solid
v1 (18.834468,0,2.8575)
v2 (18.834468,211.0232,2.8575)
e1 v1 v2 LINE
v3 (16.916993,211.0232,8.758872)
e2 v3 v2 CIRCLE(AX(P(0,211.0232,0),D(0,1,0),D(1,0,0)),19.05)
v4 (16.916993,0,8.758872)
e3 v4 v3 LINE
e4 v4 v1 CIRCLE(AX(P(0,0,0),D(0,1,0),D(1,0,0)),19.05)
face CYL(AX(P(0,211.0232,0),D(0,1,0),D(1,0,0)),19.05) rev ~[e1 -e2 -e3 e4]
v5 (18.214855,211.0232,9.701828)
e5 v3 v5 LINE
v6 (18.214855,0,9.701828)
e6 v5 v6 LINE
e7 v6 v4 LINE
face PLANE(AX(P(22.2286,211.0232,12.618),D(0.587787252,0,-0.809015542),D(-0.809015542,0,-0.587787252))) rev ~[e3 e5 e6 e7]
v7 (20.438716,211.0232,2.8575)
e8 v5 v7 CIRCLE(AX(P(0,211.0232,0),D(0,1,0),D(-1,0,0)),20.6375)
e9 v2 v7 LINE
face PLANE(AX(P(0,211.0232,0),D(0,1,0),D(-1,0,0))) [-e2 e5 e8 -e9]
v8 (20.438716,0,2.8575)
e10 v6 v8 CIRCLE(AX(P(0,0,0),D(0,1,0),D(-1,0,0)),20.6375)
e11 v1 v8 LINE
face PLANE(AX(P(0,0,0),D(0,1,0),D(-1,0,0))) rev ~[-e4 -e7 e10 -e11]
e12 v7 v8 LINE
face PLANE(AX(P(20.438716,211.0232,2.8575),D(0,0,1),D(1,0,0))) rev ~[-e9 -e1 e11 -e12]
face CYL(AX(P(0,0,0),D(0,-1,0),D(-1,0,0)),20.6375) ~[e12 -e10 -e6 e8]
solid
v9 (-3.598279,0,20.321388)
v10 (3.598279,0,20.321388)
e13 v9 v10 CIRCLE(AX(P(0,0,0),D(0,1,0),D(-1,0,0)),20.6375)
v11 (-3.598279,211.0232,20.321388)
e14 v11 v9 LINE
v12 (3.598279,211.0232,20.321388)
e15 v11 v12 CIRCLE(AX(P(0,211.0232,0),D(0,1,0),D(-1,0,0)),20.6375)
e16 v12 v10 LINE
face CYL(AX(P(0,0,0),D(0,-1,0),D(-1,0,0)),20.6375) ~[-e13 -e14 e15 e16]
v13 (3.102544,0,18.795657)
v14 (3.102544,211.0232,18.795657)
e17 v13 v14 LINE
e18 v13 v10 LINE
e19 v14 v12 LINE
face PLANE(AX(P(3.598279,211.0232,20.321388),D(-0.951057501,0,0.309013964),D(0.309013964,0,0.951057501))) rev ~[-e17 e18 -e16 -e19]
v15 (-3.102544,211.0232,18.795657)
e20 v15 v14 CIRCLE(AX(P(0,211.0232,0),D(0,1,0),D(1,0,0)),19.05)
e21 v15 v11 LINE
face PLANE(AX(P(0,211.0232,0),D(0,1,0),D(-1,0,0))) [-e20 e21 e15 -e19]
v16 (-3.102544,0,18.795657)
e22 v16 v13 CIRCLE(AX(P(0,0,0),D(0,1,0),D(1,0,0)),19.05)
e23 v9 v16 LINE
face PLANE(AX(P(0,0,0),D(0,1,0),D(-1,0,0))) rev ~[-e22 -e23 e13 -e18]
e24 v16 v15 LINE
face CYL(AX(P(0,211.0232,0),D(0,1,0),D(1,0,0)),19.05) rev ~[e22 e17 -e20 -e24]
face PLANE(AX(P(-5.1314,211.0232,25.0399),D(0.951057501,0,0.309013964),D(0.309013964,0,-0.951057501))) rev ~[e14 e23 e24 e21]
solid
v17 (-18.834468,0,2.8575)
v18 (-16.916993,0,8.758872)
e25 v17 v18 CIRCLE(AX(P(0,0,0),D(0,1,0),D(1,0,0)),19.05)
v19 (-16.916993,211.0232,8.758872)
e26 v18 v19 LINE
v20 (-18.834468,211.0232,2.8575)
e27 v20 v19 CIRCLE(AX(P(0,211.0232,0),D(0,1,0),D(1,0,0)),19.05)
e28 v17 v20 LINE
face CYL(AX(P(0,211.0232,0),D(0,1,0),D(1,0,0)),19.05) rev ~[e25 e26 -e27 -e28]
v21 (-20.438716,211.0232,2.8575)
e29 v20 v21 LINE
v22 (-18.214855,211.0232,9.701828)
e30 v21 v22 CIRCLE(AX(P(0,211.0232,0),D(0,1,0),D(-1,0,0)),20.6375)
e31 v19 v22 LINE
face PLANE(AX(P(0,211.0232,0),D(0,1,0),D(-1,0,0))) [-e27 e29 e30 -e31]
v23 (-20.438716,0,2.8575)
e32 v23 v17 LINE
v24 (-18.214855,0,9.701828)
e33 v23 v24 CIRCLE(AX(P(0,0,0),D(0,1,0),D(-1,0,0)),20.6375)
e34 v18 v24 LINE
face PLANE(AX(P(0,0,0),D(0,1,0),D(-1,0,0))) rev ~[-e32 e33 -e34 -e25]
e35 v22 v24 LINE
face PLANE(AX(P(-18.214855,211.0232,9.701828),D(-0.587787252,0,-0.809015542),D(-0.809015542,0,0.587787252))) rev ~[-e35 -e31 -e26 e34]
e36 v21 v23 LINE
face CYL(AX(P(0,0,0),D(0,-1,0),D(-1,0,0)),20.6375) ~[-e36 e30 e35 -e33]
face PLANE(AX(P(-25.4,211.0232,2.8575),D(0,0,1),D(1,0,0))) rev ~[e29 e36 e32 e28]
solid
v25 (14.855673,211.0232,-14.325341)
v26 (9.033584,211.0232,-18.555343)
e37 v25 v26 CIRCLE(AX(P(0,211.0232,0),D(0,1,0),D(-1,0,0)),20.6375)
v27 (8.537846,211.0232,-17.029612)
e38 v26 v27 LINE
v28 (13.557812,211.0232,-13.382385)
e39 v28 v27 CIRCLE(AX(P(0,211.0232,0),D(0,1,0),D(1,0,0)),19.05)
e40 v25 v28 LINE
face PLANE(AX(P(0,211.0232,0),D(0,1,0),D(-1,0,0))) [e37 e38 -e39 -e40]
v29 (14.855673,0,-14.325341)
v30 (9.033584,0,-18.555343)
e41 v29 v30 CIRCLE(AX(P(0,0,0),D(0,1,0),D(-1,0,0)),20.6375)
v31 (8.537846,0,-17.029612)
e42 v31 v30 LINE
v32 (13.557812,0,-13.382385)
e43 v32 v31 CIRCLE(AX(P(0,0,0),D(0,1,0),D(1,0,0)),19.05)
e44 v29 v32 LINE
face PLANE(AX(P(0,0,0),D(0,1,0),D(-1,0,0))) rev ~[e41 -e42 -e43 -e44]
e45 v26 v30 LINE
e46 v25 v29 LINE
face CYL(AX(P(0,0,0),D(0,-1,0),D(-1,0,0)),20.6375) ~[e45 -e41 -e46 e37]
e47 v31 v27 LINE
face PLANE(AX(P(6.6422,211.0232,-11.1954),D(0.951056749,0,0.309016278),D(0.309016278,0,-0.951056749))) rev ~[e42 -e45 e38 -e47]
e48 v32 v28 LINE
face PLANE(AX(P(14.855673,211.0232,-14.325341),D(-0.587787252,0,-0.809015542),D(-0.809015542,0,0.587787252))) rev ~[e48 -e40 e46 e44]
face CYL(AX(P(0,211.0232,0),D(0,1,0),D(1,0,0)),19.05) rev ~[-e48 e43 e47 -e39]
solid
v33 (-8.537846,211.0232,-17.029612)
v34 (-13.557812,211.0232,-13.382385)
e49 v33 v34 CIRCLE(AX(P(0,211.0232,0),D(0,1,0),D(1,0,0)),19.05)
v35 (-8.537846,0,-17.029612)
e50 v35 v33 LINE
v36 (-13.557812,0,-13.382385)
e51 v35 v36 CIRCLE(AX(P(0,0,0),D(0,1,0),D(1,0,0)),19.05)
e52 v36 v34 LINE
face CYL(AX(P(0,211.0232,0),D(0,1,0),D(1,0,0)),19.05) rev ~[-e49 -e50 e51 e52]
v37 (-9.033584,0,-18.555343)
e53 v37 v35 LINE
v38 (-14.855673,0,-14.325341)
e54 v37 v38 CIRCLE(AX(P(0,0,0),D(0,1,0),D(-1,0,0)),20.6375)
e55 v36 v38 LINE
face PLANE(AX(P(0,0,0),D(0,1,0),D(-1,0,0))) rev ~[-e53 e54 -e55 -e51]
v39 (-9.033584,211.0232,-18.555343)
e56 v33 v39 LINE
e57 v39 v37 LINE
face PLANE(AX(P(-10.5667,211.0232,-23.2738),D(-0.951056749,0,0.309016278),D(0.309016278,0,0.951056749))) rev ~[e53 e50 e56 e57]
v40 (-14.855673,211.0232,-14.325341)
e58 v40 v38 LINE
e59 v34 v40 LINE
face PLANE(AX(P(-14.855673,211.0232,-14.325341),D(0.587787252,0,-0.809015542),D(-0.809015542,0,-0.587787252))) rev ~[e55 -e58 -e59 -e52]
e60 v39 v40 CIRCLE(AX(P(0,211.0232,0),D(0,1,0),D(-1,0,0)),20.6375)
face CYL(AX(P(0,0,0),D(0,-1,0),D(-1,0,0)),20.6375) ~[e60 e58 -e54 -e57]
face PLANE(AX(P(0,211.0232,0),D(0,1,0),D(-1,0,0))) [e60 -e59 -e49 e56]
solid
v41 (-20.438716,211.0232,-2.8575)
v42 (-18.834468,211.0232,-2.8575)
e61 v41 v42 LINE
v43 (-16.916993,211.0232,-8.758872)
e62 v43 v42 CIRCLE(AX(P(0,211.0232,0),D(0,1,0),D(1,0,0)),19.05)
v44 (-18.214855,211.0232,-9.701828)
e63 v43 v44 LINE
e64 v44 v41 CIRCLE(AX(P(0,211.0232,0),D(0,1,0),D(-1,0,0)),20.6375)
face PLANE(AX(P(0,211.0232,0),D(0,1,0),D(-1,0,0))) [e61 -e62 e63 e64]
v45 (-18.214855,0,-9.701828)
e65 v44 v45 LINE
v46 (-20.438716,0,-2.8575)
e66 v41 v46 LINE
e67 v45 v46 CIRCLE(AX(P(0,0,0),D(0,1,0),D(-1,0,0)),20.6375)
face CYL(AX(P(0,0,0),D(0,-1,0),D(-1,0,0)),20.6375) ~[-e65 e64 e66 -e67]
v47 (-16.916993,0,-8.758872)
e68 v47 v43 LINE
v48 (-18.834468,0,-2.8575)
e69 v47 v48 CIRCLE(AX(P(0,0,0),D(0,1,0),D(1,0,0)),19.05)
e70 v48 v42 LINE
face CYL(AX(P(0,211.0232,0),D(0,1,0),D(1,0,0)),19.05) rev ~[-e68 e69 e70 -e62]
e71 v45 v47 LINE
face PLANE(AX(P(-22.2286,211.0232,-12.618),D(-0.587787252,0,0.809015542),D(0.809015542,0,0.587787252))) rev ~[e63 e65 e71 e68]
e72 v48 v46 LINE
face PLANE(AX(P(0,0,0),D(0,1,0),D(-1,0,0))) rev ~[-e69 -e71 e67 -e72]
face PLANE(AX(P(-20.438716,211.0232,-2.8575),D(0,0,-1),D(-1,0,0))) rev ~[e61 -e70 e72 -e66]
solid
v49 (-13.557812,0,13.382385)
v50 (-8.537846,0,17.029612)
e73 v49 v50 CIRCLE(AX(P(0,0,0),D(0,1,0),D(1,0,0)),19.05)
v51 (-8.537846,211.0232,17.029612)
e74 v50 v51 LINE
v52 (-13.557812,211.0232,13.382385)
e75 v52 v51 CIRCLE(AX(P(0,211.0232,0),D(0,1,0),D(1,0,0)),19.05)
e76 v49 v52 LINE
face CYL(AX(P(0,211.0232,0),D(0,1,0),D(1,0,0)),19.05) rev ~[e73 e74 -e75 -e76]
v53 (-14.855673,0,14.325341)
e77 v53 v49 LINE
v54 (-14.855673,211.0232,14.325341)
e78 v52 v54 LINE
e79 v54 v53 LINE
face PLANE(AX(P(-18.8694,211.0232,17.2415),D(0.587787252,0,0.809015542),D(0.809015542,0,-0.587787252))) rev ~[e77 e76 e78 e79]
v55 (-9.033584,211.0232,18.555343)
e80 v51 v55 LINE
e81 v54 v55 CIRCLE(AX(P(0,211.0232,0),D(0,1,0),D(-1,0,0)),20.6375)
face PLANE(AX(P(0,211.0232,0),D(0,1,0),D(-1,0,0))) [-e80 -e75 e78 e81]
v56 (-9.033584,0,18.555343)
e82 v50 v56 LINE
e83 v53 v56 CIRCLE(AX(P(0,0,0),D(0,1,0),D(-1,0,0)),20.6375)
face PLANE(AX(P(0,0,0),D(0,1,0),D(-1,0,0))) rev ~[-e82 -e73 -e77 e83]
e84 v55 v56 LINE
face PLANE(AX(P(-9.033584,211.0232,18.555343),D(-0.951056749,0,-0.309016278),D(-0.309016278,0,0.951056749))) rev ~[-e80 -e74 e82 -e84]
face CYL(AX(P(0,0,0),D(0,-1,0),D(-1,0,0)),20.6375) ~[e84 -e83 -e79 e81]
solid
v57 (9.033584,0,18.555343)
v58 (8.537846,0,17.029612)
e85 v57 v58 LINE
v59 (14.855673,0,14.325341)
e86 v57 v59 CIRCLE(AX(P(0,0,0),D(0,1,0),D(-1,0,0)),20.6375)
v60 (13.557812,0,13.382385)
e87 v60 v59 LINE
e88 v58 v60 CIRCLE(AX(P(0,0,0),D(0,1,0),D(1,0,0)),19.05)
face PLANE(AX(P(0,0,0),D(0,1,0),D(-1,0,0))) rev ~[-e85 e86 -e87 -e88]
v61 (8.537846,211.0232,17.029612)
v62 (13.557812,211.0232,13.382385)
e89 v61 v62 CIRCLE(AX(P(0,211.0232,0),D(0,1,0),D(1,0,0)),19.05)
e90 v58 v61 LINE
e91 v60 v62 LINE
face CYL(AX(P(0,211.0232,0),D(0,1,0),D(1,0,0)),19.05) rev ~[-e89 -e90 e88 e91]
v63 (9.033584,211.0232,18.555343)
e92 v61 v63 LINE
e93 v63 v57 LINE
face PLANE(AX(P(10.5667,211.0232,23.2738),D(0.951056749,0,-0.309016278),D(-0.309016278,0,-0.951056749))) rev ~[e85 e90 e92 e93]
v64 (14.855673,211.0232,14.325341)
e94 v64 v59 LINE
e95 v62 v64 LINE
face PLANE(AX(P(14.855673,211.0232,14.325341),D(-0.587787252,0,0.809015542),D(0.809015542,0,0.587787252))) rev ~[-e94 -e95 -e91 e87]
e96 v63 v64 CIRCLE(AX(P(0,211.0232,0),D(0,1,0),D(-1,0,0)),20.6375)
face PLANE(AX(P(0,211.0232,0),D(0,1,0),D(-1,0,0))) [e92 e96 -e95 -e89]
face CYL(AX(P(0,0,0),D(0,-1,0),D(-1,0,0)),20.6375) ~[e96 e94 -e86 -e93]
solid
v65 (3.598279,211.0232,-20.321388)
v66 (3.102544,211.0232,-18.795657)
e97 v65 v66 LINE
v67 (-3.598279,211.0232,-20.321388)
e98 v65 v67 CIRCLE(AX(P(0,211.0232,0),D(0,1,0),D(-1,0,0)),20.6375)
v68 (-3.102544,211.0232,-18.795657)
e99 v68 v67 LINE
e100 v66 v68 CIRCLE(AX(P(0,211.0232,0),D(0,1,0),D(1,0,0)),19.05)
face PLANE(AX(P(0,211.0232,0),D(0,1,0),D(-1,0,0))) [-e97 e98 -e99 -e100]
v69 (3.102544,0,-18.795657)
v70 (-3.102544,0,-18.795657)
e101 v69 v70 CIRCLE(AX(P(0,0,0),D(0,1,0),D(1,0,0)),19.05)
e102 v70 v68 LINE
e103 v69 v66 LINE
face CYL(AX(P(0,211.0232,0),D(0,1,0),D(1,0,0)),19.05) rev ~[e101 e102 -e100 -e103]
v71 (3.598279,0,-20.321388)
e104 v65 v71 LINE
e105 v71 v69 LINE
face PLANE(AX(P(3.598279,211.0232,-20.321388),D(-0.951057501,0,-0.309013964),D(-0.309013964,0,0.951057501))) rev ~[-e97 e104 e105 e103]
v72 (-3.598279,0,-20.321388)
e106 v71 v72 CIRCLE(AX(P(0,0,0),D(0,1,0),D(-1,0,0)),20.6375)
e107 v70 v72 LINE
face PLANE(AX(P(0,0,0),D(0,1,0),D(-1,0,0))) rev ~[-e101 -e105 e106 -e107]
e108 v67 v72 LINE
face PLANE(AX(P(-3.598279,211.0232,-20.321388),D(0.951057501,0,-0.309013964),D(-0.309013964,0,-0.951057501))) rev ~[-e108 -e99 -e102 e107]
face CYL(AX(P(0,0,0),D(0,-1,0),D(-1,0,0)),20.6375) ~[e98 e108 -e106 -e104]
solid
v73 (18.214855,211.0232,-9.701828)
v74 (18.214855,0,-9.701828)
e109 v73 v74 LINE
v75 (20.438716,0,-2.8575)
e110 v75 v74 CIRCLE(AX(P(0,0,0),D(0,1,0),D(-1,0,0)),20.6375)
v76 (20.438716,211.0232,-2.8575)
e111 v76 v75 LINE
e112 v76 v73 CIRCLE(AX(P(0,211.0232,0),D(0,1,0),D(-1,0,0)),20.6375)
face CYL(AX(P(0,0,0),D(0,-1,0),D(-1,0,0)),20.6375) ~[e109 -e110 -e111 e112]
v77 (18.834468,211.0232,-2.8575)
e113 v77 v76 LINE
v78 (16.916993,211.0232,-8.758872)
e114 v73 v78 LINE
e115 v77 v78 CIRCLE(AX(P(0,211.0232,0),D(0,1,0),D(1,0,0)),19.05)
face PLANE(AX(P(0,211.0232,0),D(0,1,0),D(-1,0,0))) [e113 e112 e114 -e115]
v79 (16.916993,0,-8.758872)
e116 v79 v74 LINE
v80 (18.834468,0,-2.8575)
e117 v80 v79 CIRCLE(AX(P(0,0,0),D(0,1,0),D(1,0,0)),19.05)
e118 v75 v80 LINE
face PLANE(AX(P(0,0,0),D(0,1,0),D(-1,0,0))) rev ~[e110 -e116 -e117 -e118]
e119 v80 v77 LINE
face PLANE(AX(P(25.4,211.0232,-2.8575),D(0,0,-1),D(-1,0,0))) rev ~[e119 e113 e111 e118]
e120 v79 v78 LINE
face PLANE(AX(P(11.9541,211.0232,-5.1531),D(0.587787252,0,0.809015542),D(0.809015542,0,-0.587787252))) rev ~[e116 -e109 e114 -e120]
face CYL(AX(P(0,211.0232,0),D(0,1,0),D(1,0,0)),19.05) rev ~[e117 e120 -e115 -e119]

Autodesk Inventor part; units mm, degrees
ref_plane "YZ Plane" through (0, 0, 0) normal (1, 0, 0) x (0, 1, 0)
ref_plane "XZ Plane" through (0, 0, 0) normal (0, 1, 0) x (-1, 0, 0)
ref_plane "XY Plane" through (0, 0, 0) normal (0, 0, 1) x (1, 0, 0)
sketch "Sketch1" plane through (0, 0, 0) normal (0, 1, 0) x (-1, 0, 0)
  circle A0 centre (0, 0) radius 20.6375
  dimension "d0" = 41.275
extrude "Extrusion1" add sketch "Sketch1" along normal blind 211.0232
sketch "Sketch2" plane through (0, 211.0232, 0) normal (0, 1, 0) x (1, 0, 0)
  circle A0 centre (0, 0) radius 19.05
  dimension "d3" = 38.1
extrude "Extrusion2" cut sketch "Sketch2" against normal through all
sketch "Sketch3" plane through (0, 211.0232, 0) normal (0, 1, 0) x (1, 0, 0)
  line L0 (-25.4, -2.8575) -> (-12.7, -2.8575)
  line L1 (-12.7, -2.8575) -> (-12.7, 2.8575)
  line L2 (-12.7, 2.8575) -> (-25.4, 2.8575)
  line L3 (-25.4, 2.8575) -> (-25.4, -2.8575)
  line L4 (-18.8694, -17.2415) -> (-8.5949, -9.7766)
  line L5 (-8.5949, -9.7766) -> (-11.9541, -5.1531)
  line L6 (-11.9541, -5.1531) -> (-22.2286, -12.618)
  line L7 (-22.2286, -12.618) -> (-18.8694, -17.2415)
  line L8 (-5.1314, -25.0399) -> (-1.2069, -12.9614)
  line L9 (-1.2069, -12.9614) -> (-6.6422, -11.1954)
  line L10 (-6.6422, -11.1954) -> (-10.5667, -23.2738)
  line L11 (-10.5667, -23.2738) -> (-5.1314, -25.0399)
  line L12 (10.5667, -23.2738) -> (6.6422, -11.1954)
  line L13 (6.6422, -11.1954) -> (1.2069, -12.9614)
  line L14 (1.2069, -12.9614) -> (5.1314, -25.0399)
  line L15 (5.1314, -25.0399) -> (10.5667, -23.2738)
  line L16 (22.2286, -12.618) -> (11.9541, -5.1531)
  line L17 (11.9541, -5.1531) -> (8.5949, -9.7766)
  line L18 (8.5949, -9.7766) -> (18.8694, -17.2415)
  line L19 (18.8694, -17.2415) -> (22.2286, -12.618)
  line L20 (25.4, 2.8575) -> (12.7, 2.8575)
  line L21 (12.7, 2.8575) -> (12.7, -2.8575)
  line L22 (12.7, -2.8575) -> (25.4, -2.8575)
  line L23 (25.4, -2.8575) -> (25.4, 2.8575)
  line L24 (18.8694, 17.2415) -> (8.5949, 9.7766)
  line L25 (8.5949, 9.7766) -> (11.9541, 5.1531)
  line L26 (11.9541, 5.1531) -> (22.2286, 12.618)
  line L27 (22.2286, 12.618) -> (18.8694, 17.2415)
  line L28 (5.1314, 25.0399) -> (1.2069, 12.9614)
  line L29 (1.2069, 12.9614) -> (6.6422, 11.1954)
  line L30 (6.6422, 11.1954) -> (10.5667, 23.2738)
  line L31 (10.5667, 23.2738) -> (5.1314, 25.0399)
  circle A0 centre (0, 0) radius 20.6375 projected
  line L32 (-10.5667, 23.2738) -> (-6.6422, 11.1954)
  line L33 (-6.6422, 11.1954) -> (-1.2069, 12.9614)
  line L34 (-1.2069, 12.9614) -> (-5.1314, 25.0399)
  line L35 (-5.1314, 25.0399) -> (-10.5667, 23.2738)
  line L36 (-22.2286, 12.618) -> (-11.9541, 5.1531)
  line L37 (-11.9541, 5.1531) -> (-8.5949, 9.7766)
  line L38 (-8.5949, 9.7766) -> (-18.8694, 17.2415)
  line L39 (-18.8694, 17.2415) -> (-22.2286, 12.618)
  point P0 (-30.1625, 0)
  point P1 (-24.402, -17.7291)
  point P2 (-9.3207, -28.6862)
  point P3 (9.3207, -28.6862)
  point P4 (24.402, -17.7291)
  point P5 (30.1625, 0)
  point P6 (24.402, 17.7291)
  point P7 (9.3207, 28.6862)
  point P8 (-9.3207, 28.6862)
  point P9 (-24.402, 17.7291)
  dimension "d13" = 360
  dimension "d16" = 12.7
extrude "Extrusion3" cut sketch "Sketch3" against normal through all contours L3 L2 A0 L0 | A0 L2 L1 L0 | A0 L4 L7 L6 | L6 L5 L4 A0 | L36 L39 L38 A0 | A0 L38 L37 L36 | A0 L8 L11 L10 | L10 L9 L8 A0 | L32 L35 L34 A0 | A0 L34 L33 L32 | A0 L12 L15 L14 | L14 L13 L12 A0 | A0 L30 L29 L28 | L28 L31 L30 A0 | A0 L16 L19 L18 | L18 L17 L16 A0 | A0 L26 L25 L24 | L24 L27 L26 A0 | A0 L20 L23 L22 | L22 L21 L20 A0
properties part number "bandstoproller"
